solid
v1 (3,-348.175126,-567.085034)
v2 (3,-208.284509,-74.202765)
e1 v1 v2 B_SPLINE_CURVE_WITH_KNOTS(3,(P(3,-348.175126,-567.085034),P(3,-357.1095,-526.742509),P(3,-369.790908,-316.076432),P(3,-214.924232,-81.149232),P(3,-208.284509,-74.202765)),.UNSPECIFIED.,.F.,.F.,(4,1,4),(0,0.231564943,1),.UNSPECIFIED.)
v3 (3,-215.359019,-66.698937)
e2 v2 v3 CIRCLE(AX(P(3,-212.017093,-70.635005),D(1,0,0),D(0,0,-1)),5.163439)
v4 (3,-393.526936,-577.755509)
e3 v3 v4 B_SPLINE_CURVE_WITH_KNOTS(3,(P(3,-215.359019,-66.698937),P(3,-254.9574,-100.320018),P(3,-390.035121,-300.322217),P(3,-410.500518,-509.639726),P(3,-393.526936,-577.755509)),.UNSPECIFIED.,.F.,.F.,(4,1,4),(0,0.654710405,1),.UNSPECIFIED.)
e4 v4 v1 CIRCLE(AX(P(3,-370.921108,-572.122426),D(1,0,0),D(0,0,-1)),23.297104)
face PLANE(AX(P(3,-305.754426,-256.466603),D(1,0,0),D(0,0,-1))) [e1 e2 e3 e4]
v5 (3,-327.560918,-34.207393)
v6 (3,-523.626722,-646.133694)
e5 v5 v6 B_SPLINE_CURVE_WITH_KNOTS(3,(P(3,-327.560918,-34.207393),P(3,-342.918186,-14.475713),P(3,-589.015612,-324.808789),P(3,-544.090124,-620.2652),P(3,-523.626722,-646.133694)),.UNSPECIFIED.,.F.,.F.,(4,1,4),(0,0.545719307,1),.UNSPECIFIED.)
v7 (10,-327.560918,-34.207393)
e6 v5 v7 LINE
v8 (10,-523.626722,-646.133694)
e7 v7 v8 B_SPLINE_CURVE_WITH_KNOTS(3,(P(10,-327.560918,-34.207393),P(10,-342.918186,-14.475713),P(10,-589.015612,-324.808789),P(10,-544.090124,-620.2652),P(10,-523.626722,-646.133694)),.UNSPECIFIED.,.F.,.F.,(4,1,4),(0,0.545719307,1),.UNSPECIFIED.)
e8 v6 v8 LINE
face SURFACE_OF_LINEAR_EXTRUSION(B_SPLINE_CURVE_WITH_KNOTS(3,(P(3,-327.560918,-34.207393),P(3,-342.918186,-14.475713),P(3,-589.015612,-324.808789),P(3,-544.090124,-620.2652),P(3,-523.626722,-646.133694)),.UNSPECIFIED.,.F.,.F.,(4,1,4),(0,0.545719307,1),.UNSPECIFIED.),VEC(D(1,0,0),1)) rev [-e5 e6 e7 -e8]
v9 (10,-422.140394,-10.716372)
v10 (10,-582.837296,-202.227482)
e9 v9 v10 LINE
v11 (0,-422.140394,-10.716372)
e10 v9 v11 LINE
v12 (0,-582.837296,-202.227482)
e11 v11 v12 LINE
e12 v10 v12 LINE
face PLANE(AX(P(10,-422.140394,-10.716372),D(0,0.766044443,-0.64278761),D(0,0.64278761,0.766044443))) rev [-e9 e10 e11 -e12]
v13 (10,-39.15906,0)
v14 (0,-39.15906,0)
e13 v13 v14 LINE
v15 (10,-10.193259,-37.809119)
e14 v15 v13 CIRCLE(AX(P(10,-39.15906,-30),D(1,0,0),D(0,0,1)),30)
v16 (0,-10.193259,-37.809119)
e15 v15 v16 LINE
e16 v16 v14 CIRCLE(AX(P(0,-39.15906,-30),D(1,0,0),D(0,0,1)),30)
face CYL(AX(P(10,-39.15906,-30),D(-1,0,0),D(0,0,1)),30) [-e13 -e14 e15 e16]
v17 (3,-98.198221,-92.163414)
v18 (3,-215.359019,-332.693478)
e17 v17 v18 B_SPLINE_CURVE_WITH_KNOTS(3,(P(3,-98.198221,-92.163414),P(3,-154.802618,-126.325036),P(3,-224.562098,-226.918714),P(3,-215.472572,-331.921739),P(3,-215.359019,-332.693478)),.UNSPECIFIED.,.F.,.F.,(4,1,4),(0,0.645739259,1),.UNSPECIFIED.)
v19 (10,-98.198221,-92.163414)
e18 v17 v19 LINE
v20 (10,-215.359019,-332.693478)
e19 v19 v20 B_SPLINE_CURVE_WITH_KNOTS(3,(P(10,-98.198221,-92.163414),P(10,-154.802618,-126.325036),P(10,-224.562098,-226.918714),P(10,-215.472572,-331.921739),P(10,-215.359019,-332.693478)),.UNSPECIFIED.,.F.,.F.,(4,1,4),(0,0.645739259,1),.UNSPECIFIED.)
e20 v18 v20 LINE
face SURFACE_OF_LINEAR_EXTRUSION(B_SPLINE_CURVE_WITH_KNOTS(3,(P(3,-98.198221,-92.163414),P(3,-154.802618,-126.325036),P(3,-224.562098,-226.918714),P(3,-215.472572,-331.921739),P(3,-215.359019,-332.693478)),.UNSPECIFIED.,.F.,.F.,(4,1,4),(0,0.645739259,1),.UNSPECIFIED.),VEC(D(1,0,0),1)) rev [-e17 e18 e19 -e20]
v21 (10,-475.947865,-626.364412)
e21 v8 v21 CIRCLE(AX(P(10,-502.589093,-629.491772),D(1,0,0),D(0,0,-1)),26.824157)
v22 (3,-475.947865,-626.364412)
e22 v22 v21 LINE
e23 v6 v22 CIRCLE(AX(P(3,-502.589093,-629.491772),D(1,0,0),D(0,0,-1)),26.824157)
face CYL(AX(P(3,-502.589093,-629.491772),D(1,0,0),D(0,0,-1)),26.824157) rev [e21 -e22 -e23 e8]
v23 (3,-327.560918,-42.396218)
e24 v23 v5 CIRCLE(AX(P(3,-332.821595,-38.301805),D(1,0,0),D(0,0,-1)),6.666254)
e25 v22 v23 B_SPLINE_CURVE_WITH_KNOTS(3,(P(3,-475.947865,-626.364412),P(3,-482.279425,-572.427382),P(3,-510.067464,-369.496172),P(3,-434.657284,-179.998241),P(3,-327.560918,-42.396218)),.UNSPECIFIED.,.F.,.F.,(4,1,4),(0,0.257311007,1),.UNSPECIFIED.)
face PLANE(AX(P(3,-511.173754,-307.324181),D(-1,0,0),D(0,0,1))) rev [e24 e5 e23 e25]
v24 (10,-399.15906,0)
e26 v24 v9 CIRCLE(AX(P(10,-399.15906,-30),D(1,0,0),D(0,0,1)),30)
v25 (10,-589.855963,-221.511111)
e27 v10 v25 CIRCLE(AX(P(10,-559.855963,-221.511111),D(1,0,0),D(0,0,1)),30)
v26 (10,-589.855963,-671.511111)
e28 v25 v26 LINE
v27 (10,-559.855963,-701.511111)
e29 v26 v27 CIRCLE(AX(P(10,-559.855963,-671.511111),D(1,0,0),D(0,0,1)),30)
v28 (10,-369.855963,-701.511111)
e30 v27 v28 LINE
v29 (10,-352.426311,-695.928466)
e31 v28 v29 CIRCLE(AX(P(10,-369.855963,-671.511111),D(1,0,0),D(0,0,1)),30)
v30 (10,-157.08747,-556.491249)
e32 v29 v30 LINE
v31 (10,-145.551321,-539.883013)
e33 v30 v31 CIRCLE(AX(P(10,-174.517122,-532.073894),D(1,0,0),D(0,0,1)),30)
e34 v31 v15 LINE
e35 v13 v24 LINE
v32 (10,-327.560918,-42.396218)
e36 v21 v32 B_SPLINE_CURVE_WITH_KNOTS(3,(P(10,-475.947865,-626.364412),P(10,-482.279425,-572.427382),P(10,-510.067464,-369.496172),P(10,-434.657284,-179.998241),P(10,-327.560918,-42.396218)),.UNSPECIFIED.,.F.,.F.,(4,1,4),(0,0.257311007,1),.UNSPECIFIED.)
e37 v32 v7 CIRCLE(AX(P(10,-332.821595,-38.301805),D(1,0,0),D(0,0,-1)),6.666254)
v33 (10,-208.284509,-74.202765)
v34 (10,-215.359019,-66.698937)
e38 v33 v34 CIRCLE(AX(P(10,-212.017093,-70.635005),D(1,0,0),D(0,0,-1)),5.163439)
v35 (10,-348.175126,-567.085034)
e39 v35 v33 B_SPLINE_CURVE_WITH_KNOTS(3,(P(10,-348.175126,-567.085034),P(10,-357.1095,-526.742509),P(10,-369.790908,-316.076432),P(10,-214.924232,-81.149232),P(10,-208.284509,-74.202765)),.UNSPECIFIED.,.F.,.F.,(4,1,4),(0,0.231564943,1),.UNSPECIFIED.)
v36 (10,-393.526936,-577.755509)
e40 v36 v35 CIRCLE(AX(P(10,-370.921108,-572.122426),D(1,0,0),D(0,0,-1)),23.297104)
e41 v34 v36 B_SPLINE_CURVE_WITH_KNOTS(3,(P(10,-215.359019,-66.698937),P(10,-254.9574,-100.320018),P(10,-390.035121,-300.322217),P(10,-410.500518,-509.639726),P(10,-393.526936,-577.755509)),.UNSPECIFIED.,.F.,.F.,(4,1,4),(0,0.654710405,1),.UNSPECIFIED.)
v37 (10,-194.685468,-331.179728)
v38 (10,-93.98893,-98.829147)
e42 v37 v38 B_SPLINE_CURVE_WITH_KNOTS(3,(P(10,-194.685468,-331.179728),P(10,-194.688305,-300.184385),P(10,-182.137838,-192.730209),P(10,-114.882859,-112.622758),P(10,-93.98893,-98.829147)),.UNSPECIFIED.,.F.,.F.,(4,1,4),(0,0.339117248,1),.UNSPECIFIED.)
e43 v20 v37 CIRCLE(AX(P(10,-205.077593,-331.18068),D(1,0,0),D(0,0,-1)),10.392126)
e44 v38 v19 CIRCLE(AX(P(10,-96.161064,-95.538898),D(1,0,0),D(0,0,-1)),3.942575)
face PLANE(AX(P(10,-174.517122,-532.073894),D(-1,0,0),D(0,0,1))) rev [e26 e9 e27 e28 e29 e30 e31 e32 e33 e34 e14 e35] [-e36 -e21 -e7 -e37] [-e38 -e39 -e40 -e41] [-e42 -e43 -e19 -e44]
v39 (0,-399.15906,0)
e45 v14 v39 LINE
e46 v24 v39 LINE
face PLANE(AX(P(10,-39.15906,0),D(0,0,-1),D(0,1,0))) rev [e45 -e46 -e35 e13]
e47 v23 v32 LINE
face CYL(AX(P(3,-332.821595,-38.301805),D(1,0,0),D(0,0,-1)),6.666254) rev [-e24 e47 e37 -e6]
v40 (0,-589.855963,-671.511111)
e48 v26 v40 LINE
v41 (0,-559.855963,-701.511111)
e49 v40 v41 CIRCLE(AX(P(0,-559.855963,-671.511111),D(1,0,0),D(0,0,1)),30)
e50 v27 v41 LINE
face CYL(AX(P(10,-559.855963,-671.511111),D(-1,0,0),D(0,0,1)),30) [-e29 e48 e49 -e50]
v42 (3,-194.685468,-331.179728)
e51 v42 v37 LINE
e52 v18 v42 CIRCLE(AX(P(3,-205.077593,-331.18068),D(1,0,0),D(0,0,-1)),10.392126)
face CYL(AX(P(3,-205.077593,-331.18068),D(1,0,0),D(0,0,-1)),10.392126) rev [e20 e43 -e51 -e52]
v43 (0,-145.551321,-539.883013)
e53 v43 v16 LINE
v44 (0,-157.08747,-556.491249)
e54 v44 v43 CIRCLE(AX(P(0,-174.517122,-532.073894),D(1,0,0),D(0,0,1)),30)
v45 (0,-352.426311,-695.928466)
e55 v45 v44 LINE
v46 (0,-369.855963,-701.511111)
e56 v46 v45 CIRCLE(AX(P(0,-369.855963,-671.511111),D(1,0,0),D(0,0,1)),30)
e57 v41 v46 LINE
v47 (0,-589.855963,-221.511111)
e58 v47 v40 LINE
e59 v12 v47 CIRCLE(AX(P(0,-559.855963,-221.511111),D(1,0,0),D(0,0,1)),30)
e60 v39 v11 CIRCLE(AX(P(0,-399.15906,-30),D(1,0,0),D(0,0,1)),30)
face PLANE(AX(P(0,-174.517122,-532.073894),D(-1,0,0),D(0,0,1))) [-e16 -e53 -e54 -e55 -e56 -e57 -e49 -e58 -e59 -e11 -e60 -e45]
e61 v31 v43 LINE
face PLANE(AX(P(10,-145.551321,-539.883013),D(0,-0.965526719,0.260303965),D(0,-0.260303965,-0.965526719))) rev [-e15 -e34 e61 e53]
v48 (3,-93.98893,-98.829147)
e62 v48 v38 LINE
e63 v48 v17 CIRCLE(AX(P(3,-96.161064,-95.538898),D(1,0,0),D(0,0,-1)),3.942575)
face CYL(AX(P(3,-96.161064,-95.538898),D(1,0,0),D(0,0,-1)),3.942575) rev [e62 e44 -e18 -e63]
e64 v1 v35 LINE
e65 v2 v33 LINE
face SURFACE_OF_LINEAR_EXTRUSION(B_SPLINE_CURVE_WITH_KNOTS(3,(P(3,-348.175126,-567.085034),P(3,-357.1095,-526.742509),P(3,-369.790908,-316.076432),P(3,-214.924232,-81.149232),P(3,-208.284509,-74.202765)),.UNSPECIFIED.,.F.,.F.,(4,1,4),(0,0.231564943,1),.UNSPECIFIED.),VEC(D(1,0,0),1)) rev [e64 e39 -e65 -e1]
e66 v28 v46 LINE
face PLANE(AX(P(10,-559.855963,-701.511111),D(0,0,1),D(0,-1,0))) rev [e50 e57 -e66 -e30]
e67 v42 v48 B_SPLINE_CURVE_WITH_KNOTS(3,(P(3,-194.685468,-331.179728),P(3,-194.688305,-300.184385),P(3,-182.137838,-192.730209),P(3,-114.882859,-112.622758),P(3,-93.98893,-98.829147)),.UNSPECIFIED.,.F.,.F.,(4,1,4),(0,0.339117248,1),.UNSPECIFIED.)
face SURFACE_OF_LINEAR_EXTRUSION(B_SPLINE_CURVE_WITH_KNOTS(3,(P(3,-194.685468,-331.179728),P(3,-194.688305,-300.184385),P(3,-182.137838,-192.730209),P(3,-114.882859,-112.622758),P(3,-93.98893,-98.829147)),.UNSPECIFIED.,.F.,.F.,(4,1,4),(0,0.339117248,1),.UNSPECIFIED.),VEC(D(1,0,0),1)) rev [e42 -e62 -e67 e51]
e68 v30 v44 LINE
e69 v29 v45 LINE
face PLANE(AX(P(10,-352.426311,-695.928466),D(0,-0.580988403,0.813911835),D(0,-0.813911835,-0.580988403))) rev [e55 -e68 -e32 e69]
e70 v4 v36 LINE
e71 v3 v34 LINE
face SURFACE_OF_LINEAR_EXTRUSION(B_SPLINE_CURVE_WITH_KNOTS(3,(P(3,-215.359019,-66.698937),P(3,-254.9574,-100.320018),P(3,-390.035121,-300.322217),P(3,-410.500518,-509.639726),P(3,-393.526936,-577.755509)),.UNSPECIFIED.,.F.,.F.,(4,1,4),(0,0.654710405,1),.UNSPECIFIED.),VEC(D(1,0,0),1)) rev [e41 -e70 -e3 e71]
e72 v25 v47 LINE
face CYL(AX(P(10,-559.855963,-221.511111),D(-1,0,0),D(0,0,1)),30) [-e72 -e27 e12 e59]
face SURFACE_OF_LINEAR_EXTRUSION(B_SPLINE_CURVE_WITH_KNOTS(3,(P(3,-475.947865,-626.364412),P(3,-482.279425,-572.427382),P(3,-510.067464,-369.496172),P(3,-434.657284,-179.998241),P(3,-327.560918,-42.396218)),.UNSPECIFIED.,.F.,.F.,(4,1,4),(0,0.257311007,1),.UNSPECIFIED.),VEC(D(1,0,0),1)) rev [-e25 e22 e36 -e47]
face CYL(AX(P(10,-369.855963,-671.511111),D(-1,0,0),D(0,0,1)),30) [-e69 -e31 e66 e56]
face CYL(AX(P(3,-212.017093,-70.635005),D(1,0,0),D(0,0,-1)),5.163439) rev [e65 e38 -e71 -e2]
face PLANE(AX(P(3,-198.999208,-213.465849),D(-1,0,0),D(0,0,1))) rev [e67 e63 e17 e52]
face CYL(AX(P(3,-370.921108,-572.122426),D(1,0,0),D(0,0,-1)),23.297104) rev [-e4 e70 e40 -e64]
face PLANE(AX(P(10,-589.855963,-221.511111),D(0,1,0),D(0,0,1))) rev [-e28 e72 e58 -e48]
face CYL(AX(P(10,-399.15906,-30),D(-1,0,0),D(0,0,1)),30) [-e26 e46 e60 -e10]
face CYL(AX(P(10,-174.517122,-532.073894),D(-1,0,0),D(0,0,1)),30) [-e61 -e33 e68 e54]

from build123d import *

# Parameters (mm, degrees)
BOSS_EXTRUDE1_DEPTH = 10
CUT_EXTRUDE2_DEPTH  = 7


with BuildPart() as part:
    # Sketch1 → Boss-Extrude1 (new body)
    with BuildSketch(Plane(origin=(0, 0, 0), x_dir=(0, 0, -1), z_dir=(1, 0, 0))):
        with BuildLine():
            Line((0, -39.159060238), (0, -399.159060238))
            ThreePointArc((0, -399.159060238), (2.810766389, -411.83760809), (10.716371709, -422.140393531))
            Line((10.716371709, -422.140393531), (202.227482489, -582.837295953))
            ThreePointArc((202.227482489, -582.837295953), (211.25050648, -588.046741283), (221.51111078, -589.855962659))
            Line((221.51111078, -589.855962659), (671.51111078, -589.855962659))
            ThreePointArc((671.51111078, -589.855962659), (692.724314215, -581.069166095), (701.51111078, -559.855962659))
            Line((701.51111078, -559.855962659), (701.51111078, -369.855962659))
            ThreePointArc((701.51111078, -369.855962659), (700.081380744, -360.705024227), (695.928465834, -352.426310564))
            Line((695.928465834, -352.426310564), (556.491249073, -157.087470131))
            ThreePointArc((556.491249073, -157.087470131), (549.188422732, -149.877866821), (539.883012979, -145.551320648))
            Line((539.883012979, -145.551320648), (37.809118961, -10.19325866))
            ThreePointArc((37.809118961, -10.19325866), (11.755460664, -15.344426409), (0, -39.159060238))
        make_face()
    extrude(amount=BOSS_EXTRUDE1_DEPTH)

    # Sketch4 → Cut-Extrude2 (cut)
    with BuildSketch(Plane(origin=(10, 0, 0), x_dir=(0, 0, -1), z_dir=(1, 0, 0))):
        with BuildLine():
            ThreePointArc((646.133694128, -523.626722446), (654.270375926, -492.315038086), (626.364411935, -475.947865394))
            add(Edge.make_bspline(
                [(626.364411935, -475.947865394), (572.427382245, -482.279425386), (369.496171973, -510.067463814), (179.998241324, -434.657283692), (42.396217675, -327.560917886)],
                knots=[0, 0, 0, 0, 0.257311007, 1, 1, 1, 1], degree=3))
            ThreePointArc((42.396217675, -327.560917886), (38.301805286, -326.1553415), (34.207392898, -327.560917886))
            add(Edge.make_bspline(
                [(34.207392898, -327.560917886), (14.475713482, -342.918185901), (324.808789115, -589.015611509), (620.265200397, -544.090123727), (646.133694128, -523.626722446)],
                knots=[0, 0, 0, 0, 0.545719307, 1, 1, 1, 1], degree=3))
        make_face()
        with BuildLine():
            ThreePointArc((332.693478174, -215.359019498), (341.545058852, -204.318697463), (331.179728441, -194.685467652))
            add(Edge.make_bspline(
                [(331.179728441, -194.685467652), (300.184384568, -194.688304583), (192.730208888, -182.13783781), (112.622758483, -114.88285895), (98.829146805, -93.988930122)],
                knots=[0, 0, 0, 0, 0.339117248, 1, 1, 1, 1], degree=3))
            ThreePointArc((98.829146805, -93.988930122), (93.433821546, -92.827514339), (92.163413905, -98.198220596))
            add(Edge.make_bspline(
                [(92.163413905, -98.198220596), (126.325036043, -154.802617957), (226.918714052, -224.562098265), (331.921739283, -215.472572374), (332.693478174, -215.359019498)],
                knots=[0, 0, 0, 0, 0.645739259, 1, 1, 1, 1], degree=3))
        make_face()
        with BuildLine():
            ThreePointArc((74.202765192, -208.284508838), (67.092959072, -208.260098077), (66.698936736, -215.359019498))
            add(Edge.make_bspline(
                [(66.698936736, -215.359019498), (100.320017518, -254.957400328), (300.322217315, -390.035120939), (509.639726303, -410.500517765), (577.755509271, -393.526935767)],
                knots=[0, 0, 0, 0, 0.654710405, 1, 1, 1, 1], degree=3))
            ThreePointArc((577.755509271, -393.526935767), (594.800287265, -365.58541059), (567.085033992, -348.175125638))
            add(Edge.make_bspline(
                [(567.085033992, -348.175125638), (526.742508558, -357.109499901), (316.076431581, -369.790908175), (81.149231878, -214.924232147), (74.202765192, -208.284508838)],
                knots=[0, 0, 0, 0, 0.231564943, 1, 1, 1, 1], degree=3))
        make_face()
    extrude(amount=-CUT_EXTRUDE2_DEPTH, mode=Mode.SUBTRACT)


solid = part.part
